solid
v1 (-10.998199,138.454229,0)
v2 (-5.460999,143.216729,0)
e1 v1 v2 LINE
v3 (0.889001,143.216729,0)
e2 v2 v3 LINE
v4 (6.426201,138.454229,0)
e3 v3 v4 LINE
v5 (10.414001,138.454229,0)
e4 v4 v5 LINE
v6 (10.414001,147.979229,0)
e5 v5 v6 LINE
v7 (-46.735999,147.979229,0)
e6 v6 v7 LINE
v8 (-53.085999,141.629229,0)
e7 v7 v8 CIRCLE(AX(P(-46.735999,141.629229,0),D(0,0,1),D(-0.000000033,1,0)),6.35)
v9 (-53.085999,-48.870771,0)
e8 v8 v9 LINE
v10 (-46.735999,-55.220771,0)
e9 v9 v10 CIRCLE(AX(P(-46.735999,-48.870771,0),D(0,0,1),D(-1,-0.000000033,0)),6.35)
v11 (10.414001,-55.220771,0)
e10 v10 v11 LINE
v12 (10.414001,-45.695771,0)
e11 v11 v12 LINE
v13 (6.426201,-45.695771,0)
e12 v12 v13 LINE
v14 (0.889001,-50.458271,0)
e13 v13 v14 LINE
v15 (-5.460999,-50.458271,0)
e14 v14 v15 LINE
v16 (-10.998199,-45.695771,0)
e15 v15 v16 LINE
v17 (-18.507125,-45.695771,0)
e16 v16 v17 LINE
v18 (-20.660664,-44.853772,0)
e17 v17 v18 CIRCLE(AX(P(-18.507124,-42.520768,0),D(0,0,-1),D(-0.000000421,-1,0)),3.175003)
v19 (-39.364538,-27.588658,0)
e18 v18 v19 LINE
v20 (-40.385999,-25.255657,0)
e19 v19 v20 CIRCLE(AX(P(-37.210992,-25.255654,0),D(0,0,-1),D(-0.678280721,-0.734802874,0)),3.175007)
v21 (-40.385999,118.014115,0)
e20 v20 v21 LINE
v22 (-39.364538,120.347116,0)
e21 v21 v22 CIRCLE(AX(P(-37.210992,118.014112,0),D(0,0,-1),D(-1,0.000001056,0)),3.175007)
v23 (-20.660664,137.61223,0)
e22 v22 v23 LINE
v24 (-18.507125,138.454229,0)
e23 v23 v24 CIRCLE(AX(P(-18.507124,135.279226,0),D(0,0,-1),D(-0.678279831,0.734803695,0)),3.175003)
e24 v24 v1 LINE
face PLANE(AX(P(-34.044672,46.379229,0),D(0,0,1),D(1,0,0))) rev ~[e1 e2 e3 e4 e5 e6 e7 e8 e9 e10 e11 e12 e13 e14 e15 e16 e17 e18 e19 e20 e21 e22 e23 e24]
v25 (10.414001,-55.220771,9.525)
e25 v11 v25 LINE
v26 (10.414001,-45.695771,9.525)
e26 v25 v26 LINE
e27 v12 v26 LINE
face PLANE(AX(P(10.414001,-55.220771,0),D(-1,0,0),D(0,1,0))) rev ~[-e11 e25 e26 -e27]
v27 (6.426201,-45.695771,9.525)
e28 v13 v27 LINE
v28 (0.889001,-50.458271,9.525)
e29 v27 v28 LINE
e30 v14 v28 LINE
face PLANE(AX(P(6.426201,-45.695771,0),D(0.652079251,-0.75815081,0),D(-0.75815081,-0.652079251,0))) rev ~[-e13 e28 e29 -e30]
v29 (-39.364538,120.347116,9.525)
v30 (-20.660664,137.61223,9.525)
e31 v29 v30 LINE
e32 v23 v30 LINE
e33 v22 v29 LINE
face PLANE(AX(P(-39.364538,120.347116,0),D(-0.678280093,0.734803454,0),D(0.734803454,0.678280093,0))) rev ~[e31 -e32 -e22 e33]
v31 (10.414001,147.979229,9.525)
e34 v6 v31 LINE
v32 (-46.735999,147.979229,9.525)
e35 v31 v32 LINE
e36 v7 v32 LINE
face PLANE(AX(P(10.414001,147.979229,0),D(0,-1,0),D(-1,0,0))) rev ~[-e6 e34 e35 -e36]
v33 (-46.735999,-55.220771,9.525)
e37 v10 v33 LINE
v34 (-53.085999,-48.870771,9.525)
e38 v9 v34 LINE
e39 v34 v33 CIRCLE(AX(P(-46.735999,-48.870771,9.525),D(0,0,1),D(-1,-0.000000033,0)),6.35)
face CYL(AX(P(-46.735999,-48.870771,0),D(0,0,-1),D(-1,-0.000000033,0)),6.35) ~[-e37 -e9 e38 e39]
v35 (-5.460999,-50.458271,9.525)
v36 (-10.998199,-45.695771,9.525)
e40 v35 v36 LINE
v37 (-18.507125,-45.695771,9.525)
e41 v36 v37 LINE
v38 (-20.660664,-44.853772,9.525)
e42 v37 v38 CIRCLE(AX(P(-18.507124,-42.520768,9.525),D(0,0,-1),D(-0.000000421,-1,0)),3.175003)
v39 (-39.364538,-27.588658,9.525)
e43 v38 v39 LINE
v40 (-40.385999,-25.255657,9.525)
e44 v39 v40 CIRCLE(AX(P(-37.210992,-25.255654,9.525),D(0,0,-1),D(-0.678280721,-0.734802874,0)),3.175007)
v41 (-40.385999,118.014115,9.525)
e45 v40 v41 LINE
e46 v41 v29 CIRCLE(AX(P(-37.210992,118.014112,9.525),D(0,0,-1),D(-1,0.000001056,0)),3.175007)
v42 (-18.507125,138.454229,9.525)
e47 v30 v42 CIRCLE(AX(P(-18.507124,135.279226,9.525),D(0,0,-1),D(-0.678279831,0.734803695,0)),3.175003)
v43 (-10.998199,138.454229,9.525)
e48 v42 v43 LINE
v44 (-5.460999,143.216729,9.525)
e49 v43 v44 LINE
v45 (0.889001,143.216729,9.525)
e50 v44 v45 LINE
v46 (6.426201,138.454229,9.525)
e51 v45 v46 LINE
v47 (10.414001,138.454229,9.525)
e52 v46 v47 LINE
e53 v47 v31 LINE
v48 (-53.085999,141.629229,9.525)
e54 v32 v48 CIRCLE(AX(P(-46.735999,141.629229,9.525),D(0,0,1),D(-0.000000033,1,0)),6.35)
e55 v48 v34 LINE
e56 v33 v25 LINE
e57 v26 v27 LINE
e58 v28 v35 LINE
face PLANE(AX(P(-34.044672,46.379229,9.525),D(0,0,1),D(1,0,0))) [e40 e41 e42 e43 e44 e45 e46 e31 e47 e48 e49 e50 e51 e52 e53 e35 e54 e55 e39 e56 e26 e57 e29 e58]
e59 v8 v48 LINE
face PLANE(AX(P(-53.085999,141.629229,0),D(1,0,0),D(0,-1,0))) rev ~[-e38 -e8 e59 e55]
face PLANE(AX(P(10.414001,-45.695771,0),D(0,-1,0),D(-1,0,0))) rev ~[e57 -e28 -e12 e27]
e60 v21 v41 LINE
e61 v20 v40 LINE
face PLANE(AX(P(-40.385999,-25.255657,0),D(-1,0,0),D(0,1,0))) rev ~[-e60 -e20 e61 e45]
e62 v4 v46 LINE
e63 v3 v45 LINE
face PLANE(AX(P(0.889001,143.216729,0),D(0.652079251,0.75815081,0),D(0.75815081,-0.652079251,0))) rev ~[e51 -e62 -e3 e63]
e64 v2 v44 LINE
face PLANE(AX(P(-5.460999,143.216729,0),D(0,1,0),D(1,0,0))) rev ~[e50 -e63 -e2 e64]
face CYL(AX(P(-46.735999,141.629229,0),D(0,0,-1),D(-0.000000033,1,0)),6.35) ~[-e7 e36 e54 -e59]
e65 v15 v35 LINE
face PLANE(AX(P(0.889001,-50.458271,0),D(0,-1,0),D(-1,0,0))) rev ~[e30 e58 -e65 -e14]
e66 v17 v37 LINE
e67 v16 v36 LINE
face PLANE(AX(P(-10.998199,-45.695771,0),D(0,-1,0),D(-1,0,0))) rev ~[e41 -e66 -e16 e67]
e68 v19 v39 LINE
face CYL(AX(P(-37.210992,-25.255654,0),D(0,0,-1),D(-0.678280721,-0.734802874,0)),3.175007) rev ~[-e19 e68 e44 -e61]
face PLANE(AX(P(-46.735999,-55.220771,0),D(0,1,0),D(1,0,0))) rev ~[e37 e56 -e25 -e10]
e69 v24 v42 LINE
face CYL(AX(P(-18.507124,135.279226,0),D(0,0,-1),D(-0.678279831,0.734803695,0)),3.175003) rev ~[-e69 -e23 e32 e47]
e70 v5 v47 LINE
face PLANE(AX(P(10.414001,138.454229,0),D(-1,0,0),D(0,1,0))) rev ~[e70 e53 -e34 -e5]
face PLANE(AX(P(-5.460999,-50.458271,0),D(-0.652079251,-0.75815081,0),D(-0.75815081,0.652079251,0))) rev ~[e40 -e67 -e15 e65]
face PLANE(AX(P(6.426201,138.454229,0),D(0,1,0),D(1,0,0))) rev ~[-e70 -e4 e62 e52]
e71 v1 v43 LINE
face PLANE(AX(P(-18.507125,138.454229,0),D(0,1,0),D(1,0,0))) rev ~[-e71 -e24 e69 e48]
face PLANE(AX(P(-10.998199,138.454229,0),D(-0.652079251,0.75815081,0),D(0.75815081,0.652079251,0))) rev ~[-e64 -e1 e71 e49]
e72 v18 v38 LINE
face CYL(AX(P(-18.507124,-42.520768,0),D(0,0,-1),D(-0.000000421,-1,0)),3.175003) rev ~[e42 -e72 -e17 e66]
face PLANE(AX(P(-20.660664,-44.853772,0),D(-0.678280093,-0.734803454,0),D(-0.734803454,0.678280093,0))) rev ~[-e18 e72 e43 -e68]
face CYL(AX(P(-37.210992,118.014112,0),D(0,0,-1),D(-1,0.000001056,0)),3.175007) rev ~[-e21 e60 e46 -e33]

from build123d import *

# Parameters (mm, degrees)
F1_DEPTH = 9.525


with BuildPart() as f1:
    # F0 (on Top) → F1 (new body)
    with BuildSketch(Plane.XY):
        with BuildLine():
            Line((-2.285999, 147.979229), (-46.735999, 147.979229))
            ThreePointArc((-46.735999, 147.979229), (-51.226127, 146.119357), (-53.085999, 141.629229))
            Line((-53.085999, 141.629229), (-53.085999, -48.870771))
            ThreePointArc((-53.085999, -48.870771), (-51.226127, -53.360899), (-46.735999, -55.220771))
            Line((-46.735999, -55.220771), (-2.285999, -55.220771))
            Line((-2.285999, -55.220771), (10.414001, -55.220771))
            Line((10.414001, -55.220771), (10.414001, -45.695771))
            Line((10.414001, -45.695771), (6.426201, -45.695771))
            Line((6.426201, -45.695771), (0.889001, -50.458271))
            Line((0.889001, -50.458271), (-5.460999, -50.458271))
            Line((-5.460999, -50.458271), (-10.998199, -45.695771))
            Line((-10.998199, -45.695771), (-18.507125, -45.695771))
            ThreePointArc((-18.507125, -45.695771), (-19.663271, -45.477788), (-20.660664, -44.853772))
            Line((-20.660664, -44.853772), (-39.364538, -27.588658))
            ThreePointArc((-39.364538, -27.588658), (-40.119444, -26.529065), (-40.385999, -25.255657))
            Line((-40.385999, -25.255657), (-40.385999, 118.014115))
            ThreePointArc((-40.385999, 118.014115), (-40.119444, 119.287523), (-39.364538, 120.347116))
            Line((-39.364538, 120.347116), (-20.660664, 137.61223))
            ThreePointArc((-20.660664, 137.61223), (-19.663271, 138.236246), (-18.507125, 138.454229))
            Line((-18.507125, 138.454229), (-10.998199, 138.454229))
            Line((-10.998199, 138.454229), (-5.460999, 143.216729))
            Line((-5.460999, 143.216729), (0.889001, 143.216729))
            Line((0.889001, 143.216729), (6.426201, 138.454229))
            Line((6.426201, 138.454229), (10.414001, 138.454229))
            Line((10.414001, 138.454229), (10.414001, 147.979229))
            Line((10.414001, 147.979229), (-2.285999, 147.979229))
        make_face()
    extrude(amount=F1_DEPTH)


solid = f1.part
